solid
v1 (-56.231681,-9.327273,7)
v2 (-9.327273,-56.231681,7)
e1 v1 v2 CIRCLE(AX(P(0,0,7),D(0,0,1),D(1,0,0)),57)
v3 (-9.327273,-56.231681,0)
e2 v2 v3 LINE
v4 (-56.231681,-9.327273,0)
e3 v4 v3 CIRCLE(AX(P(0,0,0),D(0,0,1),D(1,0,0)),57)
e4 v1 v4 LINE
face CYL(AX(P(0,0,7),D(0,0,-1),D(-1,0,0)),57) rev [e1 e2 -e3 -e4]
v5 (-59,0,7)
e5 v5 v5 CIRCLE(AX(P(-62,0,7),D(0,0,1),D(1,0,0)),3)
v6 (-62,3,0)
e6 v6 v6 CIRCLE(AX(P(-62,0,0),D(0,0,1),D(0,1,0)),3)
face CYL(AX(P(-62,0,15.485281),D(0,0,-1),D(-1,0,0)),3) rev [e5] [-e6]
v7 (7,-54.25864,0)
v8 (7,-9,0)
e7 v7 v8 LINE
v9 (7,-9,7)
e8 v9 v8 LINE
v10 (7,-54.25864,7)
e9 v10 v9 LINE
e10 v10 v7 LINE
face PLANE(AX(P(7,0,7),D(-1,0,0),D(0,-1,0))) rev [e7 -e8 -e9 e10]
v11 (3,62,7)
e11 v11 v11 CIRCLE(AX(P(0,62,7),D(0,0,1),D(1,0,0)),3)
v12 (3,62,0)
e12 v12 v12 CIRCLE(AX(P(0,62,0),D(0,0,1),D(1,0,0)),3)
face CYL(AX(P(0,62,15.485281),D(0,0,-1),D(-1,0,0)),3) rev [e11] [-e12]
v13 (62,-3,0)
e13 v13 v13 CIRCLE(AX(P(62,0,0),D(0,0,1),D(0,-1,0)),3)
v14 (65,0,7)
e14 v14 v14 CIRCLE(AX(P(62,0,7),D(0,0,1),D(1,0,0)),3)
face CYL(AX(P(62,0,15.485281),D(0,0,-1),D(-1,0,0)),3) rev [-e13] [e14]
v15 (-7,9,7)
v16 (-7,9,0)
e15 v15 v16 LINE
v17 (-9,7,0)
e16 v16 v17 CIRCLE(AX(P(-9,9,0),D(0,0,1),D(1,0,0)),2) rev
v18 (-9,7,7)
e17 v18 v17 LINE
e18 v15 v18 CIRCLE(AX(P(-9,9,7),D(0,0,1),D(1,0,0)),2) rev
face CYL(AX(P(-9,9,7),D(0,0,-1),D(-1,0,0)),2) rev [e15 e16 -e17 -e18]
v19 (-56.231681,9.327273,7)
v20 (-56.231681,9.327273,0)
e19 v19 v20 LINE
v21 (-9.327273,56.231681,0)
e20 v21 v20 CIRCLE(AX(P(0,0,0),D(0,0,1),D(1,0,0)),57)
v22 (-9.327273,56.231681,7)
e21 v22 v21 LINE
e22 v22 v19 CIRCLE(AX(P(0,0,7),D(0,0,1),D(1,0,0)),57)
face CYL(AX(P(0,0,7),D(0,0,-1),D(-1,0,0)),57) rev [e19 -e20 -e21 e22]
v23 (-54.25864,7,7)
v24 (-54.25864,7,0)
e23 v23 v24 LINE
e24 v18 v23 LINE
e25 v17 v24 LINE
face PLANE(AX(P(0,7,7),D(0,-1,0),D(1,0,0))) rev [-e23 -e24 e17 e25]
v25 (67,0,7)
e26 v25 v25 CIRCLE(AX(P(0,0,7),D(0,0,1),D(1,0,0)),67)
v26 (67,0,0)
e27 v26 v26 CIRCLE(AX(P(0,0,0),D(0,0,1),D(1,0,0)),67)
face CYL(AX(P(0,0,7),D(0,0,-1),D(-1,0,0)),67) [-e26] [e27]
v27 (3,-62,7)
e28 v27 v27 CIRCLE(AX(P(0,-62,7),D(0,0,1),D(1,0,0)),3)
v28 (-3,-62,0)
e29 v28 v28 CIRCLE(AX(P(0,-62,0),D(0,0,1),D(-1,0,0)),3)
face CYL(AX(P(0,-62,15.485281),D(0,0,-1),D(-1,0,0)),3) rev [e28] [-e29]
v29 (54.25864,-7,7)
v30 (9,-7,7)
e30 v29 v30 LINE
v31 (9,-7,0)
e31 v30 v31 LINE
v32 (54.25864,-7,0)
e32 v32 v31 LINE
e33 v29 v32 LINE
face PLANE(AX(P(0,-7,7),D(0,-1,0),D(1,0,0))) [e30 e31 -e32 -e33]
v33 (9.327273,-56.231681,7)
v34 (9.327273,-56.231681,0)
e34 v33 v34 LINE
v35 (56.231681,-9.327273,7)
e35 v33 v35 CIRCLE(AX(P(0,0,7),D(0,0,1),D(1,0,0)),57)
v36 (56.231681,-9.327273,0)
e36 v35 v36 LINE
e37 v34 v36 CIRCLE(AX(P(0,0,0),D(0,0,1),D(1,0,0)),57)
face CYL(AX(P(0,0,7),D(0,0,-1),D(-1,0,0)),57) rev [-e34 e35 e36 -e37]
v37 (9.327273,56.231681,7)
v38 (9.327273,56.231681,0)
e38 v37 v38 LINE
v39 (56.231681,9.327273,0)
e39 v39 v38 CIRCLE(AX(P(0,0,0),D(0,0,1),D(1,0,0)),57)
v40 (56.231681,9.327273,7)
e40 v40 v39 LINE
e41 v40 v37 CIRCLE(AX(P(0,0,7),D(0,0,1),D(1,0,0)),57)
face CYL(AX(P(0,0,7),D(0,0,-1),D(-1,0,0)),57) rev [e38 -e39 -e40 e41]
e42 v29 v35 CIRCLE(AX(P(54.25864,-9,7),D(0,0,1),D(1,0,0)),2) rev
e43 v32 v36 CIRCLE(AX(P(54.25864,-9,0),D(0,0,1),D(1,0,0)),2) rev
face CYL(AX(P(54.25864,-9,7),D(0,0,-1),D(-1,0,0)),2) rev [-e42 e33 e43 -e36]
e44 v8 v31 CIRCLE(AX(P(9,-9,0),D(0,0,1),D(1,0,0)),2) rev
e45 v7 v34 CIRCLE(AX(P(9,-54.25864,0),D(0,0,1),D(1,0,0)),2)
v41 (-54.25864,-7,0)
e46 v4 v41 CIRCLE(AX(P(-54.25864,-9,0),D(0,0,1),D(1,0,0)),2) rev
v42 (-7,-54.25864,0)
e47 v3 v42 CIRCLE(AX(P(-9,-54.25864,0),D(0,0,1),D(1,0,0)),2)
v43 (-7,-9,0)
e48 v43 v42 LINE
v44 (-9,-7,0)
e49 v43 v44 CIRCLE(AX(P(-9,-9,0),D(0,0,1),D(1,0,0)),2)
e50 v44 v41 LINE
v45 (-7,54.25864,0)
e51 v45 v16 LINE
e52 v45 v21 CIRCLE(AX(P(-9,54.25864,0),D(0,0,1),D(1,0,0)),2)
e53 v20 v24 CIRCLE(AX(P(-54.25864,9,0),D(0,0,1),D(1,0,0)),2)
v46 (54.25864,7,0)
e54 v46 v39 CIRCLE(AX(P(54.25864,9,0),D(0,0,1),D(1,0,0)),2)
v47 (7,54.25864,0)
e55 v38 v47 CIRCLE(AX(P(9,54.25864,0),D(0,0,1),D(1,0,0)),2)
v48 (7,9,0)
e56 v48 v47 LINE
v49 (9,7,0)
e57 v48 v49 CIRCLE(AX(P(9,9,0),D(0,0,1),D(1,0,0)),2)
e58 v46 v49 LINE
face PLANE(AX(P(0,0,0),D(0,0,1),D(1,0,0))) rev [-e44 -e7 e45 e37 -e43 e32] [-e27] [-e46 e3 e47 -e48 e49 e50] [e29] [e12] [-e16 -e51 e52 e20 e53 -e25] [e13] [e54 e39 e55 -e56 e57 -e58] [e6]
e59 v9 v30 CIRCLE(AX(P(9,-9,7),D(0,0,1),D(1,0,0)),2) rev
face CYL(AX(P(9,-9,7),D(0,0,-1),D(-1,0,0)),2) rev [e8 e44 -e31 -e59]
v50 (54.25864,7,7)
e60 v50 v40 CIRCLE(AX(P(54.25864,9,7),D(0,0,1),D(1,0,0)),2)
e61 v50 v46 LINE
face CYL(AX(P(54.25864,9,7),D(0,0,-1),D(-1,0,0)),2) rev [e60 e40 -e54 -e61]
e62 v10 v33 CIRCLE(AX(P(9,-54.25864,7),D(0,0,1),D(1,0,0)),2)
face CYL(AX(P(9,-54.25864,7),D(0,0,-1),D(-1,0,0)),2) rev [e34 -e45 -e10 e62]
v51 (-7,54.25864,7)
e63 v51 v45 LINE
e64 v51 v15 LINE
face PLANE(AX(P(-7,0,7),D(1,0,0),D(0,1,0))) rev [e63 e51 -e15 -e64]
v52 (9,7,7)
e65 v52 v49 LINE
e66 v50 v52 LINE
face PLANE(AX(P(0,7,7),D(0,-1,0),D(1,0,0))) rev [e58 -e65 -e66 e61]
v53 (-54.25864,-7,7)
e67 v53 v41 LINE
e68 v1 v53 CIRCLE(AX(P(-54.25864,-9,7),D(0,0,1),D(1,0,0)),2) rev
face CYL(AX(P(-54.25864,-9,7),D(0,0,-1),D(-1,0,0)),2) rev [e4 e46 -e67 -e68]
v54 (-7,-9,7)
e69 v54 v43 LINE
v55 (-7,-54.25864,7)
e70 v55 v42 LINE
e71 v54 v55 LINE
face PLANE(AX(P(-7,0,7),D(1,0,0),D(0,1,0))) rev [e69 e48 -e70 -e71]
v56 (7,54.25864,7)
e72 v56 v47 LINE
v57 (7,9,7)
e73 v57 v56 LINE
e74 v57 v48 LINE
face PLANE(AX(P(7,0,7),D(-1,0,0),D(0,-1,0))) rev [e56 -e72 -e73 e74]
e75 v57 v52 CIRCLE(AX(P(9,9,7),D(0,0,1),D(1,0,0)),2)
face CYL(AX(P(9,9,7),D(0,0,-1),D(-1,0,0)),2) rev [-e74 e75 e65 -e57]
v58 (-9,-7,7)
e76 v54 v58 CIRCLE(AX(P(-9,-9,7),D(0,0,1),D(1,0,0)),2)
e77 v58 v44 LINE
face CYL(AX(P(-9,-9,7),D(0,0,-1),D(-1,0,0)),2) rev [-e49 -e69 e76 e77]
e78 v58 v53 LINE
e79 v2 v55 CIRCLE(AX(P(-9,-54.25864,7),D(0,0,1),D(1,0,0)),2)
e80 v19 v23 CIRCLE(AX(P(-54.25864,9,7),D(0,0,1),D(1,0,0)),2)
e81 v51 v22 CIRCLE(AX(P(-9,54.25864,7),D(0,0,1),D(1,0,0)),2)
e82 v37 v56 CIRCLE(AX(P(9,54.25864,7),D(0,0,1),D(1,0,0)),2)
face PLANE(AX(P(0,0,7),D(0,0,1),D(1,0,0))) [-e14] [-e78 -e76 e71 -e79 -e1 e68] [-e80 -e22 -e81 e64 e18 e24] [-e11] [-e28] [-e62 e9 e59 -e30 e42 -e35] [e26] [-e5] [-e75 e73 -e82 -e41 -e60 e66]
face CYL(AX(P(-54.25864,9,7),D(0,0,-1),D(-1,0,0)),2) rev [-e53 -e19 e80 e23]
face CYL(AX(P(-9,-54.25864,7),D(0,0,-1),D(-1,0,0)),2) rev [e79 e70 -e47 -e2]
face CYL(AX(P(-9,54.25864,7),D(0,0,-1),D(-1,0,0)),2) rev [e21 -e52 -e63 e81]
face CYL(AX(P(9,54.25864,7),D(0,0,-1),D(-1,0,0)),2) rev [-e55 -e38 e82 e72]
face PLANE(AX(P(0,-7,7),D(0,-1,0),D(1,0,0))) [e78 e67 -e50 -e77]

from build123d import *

# Parameters (mm, degrees)
SCHIZZO2_R                   = 67
ESTRUSIONE_ESTRUSIONE1_DEPTH = 7
SCHIZZO3_R                   = 3
TAGLIO_ESTRUSIONE2_DEPTH     = 7
RIPETIZIONECIRCOLARE1_COUNT  = 4


with BuildPart() as part:
    # Schizzo2 → Estrusione-Estrusione1 (new body)
    with BuildSketch(Plane.XY):
        Circle(SCHIZZO2_R)
        with BuildLine():
            Line((7, 9), (7, 54.258639865))
            ThreePointArc((7, 54.258639865), (7.706660419, 55.784180008), (9.327272727, 56.231681315))
            ThreePointArc((9.327272727, 56.231681315), (40.305086528, 40.305086528), (56.231681315, 9.327272727))
            ThreePointArc((56.231681315, 9.327272727), (55.784180008, 7.706660419), (54.258639865, 7))
            Line((54.258639865, 7), (9, 7))
            ThreePointArc((9, 7), (7.585786438, 7.585786438), (7, 9))
        make_face(mode=Mode.SUBTRACT)
        with BuildLine():
            Line((-9, 7), (-54.258639865, 7))
            ThreePointArc((-54.258639865, 7), (-55.784180008, 7.706660419), (-56.231681315, 9.327272727))
            ThreePointArc((-56.231681315, 9.327272727), (-40.305086528, 40.305086528), (-9.327272727, 56.231681315))
            ThreePointArc((-9.327272727, 56.231681315), (-7.706660419, 55.784180008), (-7, 54.258639865))
            Line((-7, 54.258639865), (-7, 9))
            ThreePointArc((-7, 9), (-7.585786438, 7.585786438), (-9, 7))
        make_face(mode=Mode.SUBTRACT)
        with BuildLine():
            Line((-9, -7), (-54.258639865, -7))
            ThreePointArc((-54.258639865, -7), (-55.784180008, -7.706660419), (-56.231681315, -9.327272727))
            ThreePointArc((-56.231681315, -9.327272727), (-40.305086528, -40.305086528), (-9.327272727, -56.231681315))
            ThreePointArc((-9.327272727, -56.231681315), (-7.706660419, -55.784180008), (-7, -54.258639865))
            Line((-7, -54.258639865), (-7, -9))
            ThreePointArc((-7, -9), (-7.585786438, -7.585786438), (-9, -7))
        make_face(mode=Mode.SUBTRACT)
        with BuildLine():
            Line((7, -54.258639865), (7, -9))
            ThreePointArc((7, -9), (7.585786438, -7.585786438), (9, -7))
            Line((9, -7), (54.258639865, -7))
            ThreePointArc((54.258639865, -7), (55.784180008, -7.706660419), (56.231681315, -9.327272727))
            ThreePointArc((56.231681315, -9.327272727), (40.305086528, -40.305086528), (9.327272727, -56.231681315))
            ThreePointArc((9.327272727, -56.231681315), (7.706660419, -55.784180008), (7, -54.258639865))
        make_face(mode=Mode.SUBTRACT)
    extrude(amount=ESTRUSIONE_ESTRUSIONE1_DEPTH)

    # Schizzo3 → Taglio-Estrusione2 (cut)
    with BuildSketch(Plane.XY):
        with Locations((0, 62)):
            Circle(SCHIZZO3_R)
    taglio_estrusione2 = extrude(amount=TAGLIO_ESTRUSIONE2_DEPTH, mode=Mode.SUBTRACT)

    # RipetizioneCircolare1: Taglio-Estrusione2 ×4 about axis
    ripetizionecircolare1_axis = Axis((0, 0, 0), (0, 0, 1))
    for i in range(1, RIPETIZIONECIRCOLARE1_COUNT):
        add(taglio_estrusione2.rotate(ripetizionecircolare1_axis, i * 360 / RIPETIZIONECIRCOLARE1_COUNT), mode=Mode.SUBTRACT)


solid = part.part
